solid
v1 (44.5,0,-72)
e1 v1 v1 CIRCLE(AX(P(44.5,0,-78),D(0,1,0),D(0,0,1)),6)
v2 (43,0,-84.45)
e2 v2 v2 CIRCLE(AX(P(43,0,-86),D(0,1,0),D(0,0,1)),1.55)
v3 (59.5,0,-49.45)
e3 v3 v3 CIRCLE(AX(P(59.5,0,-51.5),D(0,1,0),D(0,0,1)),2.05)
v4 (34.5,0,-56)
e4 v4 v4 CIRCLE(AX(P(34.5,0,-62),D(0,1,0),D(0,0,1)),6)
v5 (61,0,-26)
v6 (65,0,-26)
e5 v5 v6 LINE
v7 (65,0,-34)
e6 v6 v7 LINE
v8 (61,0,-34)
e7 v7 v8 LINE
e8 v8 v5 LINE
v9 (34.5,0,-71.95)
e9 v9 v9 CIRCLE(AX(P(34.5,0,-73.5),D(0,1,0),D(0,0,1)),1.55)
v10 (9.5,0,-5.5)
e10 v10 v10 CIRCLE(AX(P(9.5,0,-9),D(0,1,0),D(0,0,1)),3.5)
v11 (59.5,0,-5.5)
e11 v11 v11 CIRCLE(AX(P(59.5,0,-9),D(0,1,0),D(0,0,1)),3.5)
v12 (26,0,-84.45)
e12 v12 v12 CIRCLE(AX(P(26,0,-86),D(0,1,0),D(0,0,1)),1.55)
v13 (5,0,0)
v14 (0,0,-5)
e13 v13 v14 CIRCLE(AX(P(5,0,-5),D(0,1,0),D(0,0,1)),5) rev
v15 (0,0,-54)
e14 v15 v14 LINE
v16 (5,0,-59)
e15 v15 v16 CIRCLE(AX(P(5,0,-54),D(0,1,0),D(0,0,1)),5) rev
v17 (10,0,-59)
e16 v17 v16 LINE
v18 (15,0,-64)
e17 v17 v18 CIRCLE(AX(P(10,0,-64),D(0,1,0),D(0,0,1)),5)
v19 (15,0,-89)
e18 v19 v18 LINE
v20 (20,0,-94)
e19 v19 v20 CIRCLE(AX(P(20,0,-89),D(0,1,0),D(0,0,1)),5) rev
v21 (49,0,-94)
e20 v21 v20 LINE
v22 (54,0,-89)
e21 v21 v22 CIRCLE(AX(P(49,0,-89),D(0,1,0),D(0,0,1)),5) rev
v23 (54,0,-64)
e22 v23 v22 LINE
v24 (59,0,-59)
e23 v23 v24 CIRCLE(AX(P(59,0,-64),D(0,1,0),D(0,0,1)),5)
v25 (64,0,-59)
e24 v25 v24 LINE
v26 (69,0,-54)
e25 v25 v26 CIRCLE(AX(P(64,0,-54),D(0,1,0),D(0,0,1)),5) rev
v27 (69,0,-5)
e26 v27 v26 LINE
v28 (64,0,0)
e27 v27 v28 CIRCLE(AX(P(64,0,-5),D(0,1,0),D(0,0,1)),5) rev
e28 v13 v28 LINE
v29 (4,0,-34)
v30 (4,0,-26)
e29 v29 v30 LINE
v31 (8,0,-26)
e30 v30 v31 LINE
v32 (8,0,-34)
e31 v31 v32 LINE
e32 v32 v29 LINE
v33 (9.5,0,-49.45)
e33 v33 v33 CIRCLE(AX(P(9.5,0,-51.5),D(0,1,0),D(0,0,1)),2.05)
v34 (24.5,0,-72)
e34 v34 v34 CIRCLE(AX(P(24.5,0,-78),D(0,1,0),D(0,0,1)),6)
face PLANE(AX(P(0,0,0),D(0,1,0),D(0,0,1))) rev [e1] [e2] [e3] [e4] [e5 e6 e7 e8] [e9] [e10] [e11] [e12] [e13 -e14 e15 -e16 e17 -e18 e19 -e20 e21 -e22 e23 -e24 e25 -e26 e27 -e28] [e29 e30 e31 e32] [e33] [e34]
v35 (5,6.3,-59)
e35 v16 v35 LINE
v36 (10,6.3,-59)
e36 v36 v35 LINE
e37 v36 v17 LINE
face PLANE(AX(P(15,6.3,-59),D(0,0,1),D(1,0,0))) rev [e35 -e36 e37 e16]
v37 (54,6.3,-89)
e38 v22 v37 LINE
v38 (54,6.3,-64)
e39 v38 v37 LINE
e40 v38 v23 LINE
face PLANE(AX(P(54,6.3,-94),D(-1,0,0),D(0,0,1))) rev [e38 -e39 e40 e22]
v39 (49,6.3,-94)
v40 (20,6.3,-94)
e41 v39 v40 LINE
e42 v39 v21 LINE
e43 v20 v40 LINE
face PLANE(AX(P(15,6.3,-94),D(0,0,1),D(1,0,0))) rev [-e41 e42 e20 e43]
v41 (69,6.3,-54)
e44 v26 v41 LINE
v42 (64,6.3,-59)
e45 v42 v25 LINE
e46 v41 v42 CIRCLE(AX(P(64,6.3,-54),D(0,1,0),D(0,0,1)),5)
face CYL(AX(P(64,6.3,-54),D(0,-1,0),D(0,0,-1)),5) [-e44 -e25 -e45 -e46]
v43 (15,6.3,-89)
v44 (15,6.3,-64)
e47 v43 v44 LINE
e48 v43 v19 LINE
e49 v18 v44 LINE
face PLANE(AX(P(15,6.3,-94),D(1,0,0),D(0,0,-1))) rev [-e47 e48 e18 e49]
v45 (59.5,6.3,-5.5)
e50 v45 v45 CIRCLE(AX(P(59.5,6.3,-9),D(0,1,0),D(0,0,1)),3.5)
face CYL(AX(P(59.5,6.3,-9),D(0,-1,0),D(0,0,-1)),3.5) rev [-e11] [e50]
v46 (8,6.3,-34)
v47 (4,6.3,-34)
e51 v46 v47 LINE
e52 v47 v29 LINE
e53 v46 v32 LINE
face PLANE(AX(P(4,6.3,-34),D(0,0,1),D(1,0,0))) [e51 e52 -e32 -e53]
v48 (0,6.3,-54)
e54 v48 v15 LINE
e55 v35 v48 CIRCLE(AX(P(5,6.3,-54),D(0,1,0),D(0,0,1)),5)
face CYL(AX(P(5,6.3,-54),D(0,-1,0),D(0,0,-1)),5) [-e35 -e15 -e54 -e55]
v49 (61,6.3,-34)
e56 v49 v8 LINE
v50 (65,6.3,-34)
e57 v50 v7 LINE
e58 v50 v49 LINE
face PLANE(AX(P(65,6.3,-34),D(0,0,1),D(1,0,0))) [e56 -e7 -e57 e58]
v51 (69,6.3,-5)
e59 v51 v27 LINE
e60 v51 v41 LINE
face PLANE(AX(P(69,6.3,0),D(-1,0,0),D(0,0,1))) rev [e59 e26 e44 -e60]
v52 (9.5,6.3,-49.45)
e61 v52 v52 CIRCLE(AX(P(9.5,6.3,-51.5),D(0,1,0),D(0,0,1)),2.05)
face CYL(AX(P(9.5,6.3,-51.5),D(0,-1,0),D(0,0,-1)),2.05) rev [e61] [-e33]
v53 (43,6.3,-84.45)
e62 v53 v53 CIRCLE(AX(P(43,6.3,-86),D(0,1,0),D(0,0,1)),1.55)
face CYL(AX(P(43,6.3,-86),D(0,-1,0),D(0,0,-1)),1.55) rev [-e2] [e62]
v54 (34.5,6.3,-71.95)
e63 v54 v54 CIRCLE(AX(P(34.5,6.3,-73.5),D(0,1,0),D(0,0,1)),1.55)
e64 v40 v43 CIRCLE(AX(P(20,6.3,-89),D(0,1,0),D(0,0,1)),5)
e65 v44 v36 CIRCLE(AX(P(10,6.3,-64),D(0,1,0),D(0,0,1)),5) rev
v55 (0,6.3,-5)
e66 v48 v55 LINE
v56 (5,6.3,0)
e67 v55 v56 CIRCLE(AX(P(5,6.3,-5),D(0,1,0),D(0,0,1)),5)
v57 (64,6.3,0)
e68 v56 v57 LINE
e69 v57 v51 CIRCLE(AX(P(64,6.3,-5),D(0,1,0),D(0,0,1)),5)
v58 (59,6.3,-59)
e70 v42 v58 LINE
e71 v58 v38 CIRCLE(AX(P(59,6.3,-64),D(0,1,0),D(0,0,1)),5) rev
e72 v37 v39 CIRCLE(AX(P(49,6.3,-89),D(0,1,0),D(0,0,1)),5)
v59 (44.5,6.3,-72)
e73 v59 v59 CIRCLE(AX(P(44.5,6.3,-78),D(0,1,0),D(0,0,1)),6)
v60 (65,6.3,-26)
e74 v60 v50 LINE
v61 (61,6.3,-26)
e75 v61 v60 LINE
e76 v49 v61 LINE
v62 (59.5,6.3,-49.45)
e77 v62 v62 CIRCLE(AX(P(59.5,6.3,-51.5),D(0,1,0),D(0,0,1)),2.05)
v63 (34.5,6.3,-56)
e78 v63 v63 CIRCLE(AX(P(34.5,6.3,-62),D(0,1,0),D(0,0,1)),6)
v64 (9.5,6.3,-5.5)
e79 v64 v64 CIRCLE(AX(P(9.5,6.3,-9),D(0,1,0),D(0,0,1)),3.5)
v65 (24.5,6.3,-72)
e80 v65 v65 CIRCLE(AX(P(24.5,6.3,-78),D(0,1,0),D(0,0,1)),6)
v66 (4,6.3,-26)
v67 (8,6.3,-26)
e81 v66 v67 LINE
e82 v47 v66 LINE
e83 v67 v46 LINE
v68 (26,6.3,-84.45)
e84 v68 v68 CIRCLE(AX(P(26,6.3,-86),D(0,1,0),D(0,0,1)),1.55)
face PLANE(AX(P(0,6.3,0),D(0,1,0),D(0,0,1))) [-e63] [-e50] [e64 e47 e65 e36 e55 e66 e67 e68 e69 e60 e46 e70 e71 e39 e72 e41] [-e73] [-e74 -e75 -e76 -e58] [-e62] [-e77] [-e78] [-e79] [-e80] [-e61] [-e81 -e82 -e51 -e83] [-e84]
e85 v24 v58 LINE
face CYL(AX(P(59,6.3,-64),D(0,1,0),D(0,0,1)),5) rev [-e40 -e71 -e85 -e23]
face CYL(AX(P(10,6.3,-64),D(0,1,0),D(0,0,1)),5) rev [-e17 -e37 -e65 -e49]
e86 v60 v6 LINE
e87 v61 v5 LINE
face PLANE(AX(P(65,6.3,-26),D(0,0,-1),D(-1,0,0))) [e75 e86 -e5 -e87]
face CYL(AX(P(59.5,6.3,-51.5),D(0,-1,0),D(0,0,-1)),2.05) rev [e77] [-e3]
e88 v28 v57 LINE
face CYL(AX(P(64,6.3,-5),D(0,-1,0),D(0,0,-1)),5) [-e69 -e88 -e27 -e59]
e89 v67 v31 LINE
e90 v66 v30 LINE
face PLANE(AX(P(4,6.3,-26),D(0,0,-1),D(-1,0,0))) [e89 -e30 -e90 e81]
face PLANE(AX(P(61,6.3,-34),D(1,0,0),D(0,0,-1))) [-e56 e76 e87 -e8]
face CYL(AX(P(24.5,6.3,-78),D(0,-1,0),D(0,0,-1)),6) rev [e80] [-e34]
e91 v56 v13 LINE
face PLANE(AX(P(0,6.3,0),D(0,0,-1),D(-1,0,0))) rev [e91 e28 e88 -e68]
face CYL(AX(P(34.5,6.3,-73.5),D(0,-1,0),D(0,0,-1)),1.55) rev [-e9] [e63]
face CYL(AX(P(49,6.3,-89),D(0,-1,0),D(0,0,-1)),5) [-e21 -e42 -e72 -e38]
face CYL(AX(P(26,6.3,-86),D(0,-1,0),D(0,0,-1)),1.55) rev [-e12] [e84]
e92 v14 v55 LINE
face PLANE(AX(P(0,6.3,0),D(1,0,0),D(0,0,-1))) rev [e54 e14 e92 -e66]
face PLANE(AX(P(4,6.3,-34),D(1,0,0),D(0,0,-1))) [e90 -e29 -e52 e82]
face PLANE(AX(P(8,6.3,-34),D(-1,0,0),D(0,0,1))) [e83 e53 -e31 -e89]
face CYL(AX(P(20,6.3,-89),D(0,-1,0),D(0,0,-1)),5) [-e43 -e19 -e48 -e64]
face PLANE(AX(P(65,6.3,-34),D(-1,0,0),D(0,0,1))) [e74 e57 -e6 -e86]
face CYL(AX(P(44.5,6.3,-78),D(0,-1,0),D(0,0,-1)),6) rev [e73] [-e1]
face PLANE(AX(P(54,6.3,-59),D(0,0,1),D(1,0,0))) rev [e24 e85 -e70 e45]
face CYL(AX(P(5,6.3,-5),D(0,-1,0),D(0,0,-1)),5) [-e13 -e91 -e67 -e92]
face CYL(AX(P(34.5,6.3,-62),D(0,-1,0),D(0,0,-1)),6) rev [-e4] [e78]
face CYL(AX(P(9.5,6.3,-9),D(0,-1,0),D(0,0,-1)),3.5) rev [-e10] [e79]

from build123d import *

# Parameters (mm, degrees)
SKETCH1_R           = 2.05
SKETCH1_R_2         = 3.5
SKETCH1_R_3         = 6
SKETCH1_R_4         = 1.55
SKETCH1_W           = 4
SKETCH1_H           = 8
BOSS_EXTRUDE1_DEPTH = 6.3
FILLET1_R           = 5


with BuildPart() as part:
    # Sketch1 → Boss-Extrude1 (new body)
    with BuildSketch(Plane(origin=(0, 0, 0), x_dir=(1, 0, 0), z_dir=(0, 1, 0))):
        Polygon((15, 94), (15, 59), (0, 59), (0, 0), (69, 0), (69, 59), (54, 59), (54, 94), align=None)
        with Locations(Location((9.5, 51.5, 0), (0, 0, 270))):
            Circle(SKETCH1_R, mode=Mode.SUBTRACT)
        with Locations(Location((59.5, 51.5, 0), (0, 0, 270))):
            Circle(SKETCH1_R, mode=Mode.SUBTRACT)
        with Locations(Location((9.5, 9, 0), (0, 0, 270))):
            Circle(SKETCH1_R_2, mode=Mode.SUBTRACT)
        with Locations(Location((59.5, 9, 0), (0, 0, 270))):
            Circle(SKETCH1_R_2, mode=Mode.SUBTRACT)
        with Locations(Location((24.5, 78, 0), (0, 0, 270))):
            Circle(SKETCH1_R_3, mode=Mode.SUBTRACT)
        with Locations(Location((44.5, 78, 0), (0, 0, 270))):
            Circle(SKETCH1_R_3, mode=Mode.SUBTRACT)
        with Locations(Location((34.5, 62, 0), (0, 0, 270))):
            Circle(SKETCH1_R_3, mode=Mode.SUBTRACT)
        with Locations(Location((34.5, 73.5, 0), (0, 0, 270))):
            Circle(SKETCH1_R_4, mode=Mode.SUBTRACT)
        with Locations(Location((26, 86, 0), (0, 0, 270))):
            Circle(SKETCH1_R_4, mode=Mode.SUBTRACT)
        with Locations(Location((43, 86, 0), (0, 0, 270))):
            Circle(SKETCH1_R_4, mode=Mode.SUBTRACT)
        with Locations((6, 30)):
            Rectangle(SKETCH1_W, SKETCH1_H, mode=Mode.SUBTRACT)
        with Locations((63, 30)):
            Rectangle(SKETCH1_W, SKETCH1_H, mode=Mode.SUBTRACT)
    extrude(amount=BOSS_EXTRUDE1_DEPTH)

    # Fillet1
    fillet1_edges = [part.edges().sort_by_distance(p)[0] for p in [
        (0, 3.15, -59),
        (15, 3.15, -59),
        (15, 3.15, -94),
        (54, 3.15, -94),
        (54, 3.15, -59),
        (69, 3.15, -59),
        (69, 3.15, 0),
        (0, 3.15, 0),
    ]]
    fillet(fillet1_edges, radius=FILLET1_R)


solid = part.part
